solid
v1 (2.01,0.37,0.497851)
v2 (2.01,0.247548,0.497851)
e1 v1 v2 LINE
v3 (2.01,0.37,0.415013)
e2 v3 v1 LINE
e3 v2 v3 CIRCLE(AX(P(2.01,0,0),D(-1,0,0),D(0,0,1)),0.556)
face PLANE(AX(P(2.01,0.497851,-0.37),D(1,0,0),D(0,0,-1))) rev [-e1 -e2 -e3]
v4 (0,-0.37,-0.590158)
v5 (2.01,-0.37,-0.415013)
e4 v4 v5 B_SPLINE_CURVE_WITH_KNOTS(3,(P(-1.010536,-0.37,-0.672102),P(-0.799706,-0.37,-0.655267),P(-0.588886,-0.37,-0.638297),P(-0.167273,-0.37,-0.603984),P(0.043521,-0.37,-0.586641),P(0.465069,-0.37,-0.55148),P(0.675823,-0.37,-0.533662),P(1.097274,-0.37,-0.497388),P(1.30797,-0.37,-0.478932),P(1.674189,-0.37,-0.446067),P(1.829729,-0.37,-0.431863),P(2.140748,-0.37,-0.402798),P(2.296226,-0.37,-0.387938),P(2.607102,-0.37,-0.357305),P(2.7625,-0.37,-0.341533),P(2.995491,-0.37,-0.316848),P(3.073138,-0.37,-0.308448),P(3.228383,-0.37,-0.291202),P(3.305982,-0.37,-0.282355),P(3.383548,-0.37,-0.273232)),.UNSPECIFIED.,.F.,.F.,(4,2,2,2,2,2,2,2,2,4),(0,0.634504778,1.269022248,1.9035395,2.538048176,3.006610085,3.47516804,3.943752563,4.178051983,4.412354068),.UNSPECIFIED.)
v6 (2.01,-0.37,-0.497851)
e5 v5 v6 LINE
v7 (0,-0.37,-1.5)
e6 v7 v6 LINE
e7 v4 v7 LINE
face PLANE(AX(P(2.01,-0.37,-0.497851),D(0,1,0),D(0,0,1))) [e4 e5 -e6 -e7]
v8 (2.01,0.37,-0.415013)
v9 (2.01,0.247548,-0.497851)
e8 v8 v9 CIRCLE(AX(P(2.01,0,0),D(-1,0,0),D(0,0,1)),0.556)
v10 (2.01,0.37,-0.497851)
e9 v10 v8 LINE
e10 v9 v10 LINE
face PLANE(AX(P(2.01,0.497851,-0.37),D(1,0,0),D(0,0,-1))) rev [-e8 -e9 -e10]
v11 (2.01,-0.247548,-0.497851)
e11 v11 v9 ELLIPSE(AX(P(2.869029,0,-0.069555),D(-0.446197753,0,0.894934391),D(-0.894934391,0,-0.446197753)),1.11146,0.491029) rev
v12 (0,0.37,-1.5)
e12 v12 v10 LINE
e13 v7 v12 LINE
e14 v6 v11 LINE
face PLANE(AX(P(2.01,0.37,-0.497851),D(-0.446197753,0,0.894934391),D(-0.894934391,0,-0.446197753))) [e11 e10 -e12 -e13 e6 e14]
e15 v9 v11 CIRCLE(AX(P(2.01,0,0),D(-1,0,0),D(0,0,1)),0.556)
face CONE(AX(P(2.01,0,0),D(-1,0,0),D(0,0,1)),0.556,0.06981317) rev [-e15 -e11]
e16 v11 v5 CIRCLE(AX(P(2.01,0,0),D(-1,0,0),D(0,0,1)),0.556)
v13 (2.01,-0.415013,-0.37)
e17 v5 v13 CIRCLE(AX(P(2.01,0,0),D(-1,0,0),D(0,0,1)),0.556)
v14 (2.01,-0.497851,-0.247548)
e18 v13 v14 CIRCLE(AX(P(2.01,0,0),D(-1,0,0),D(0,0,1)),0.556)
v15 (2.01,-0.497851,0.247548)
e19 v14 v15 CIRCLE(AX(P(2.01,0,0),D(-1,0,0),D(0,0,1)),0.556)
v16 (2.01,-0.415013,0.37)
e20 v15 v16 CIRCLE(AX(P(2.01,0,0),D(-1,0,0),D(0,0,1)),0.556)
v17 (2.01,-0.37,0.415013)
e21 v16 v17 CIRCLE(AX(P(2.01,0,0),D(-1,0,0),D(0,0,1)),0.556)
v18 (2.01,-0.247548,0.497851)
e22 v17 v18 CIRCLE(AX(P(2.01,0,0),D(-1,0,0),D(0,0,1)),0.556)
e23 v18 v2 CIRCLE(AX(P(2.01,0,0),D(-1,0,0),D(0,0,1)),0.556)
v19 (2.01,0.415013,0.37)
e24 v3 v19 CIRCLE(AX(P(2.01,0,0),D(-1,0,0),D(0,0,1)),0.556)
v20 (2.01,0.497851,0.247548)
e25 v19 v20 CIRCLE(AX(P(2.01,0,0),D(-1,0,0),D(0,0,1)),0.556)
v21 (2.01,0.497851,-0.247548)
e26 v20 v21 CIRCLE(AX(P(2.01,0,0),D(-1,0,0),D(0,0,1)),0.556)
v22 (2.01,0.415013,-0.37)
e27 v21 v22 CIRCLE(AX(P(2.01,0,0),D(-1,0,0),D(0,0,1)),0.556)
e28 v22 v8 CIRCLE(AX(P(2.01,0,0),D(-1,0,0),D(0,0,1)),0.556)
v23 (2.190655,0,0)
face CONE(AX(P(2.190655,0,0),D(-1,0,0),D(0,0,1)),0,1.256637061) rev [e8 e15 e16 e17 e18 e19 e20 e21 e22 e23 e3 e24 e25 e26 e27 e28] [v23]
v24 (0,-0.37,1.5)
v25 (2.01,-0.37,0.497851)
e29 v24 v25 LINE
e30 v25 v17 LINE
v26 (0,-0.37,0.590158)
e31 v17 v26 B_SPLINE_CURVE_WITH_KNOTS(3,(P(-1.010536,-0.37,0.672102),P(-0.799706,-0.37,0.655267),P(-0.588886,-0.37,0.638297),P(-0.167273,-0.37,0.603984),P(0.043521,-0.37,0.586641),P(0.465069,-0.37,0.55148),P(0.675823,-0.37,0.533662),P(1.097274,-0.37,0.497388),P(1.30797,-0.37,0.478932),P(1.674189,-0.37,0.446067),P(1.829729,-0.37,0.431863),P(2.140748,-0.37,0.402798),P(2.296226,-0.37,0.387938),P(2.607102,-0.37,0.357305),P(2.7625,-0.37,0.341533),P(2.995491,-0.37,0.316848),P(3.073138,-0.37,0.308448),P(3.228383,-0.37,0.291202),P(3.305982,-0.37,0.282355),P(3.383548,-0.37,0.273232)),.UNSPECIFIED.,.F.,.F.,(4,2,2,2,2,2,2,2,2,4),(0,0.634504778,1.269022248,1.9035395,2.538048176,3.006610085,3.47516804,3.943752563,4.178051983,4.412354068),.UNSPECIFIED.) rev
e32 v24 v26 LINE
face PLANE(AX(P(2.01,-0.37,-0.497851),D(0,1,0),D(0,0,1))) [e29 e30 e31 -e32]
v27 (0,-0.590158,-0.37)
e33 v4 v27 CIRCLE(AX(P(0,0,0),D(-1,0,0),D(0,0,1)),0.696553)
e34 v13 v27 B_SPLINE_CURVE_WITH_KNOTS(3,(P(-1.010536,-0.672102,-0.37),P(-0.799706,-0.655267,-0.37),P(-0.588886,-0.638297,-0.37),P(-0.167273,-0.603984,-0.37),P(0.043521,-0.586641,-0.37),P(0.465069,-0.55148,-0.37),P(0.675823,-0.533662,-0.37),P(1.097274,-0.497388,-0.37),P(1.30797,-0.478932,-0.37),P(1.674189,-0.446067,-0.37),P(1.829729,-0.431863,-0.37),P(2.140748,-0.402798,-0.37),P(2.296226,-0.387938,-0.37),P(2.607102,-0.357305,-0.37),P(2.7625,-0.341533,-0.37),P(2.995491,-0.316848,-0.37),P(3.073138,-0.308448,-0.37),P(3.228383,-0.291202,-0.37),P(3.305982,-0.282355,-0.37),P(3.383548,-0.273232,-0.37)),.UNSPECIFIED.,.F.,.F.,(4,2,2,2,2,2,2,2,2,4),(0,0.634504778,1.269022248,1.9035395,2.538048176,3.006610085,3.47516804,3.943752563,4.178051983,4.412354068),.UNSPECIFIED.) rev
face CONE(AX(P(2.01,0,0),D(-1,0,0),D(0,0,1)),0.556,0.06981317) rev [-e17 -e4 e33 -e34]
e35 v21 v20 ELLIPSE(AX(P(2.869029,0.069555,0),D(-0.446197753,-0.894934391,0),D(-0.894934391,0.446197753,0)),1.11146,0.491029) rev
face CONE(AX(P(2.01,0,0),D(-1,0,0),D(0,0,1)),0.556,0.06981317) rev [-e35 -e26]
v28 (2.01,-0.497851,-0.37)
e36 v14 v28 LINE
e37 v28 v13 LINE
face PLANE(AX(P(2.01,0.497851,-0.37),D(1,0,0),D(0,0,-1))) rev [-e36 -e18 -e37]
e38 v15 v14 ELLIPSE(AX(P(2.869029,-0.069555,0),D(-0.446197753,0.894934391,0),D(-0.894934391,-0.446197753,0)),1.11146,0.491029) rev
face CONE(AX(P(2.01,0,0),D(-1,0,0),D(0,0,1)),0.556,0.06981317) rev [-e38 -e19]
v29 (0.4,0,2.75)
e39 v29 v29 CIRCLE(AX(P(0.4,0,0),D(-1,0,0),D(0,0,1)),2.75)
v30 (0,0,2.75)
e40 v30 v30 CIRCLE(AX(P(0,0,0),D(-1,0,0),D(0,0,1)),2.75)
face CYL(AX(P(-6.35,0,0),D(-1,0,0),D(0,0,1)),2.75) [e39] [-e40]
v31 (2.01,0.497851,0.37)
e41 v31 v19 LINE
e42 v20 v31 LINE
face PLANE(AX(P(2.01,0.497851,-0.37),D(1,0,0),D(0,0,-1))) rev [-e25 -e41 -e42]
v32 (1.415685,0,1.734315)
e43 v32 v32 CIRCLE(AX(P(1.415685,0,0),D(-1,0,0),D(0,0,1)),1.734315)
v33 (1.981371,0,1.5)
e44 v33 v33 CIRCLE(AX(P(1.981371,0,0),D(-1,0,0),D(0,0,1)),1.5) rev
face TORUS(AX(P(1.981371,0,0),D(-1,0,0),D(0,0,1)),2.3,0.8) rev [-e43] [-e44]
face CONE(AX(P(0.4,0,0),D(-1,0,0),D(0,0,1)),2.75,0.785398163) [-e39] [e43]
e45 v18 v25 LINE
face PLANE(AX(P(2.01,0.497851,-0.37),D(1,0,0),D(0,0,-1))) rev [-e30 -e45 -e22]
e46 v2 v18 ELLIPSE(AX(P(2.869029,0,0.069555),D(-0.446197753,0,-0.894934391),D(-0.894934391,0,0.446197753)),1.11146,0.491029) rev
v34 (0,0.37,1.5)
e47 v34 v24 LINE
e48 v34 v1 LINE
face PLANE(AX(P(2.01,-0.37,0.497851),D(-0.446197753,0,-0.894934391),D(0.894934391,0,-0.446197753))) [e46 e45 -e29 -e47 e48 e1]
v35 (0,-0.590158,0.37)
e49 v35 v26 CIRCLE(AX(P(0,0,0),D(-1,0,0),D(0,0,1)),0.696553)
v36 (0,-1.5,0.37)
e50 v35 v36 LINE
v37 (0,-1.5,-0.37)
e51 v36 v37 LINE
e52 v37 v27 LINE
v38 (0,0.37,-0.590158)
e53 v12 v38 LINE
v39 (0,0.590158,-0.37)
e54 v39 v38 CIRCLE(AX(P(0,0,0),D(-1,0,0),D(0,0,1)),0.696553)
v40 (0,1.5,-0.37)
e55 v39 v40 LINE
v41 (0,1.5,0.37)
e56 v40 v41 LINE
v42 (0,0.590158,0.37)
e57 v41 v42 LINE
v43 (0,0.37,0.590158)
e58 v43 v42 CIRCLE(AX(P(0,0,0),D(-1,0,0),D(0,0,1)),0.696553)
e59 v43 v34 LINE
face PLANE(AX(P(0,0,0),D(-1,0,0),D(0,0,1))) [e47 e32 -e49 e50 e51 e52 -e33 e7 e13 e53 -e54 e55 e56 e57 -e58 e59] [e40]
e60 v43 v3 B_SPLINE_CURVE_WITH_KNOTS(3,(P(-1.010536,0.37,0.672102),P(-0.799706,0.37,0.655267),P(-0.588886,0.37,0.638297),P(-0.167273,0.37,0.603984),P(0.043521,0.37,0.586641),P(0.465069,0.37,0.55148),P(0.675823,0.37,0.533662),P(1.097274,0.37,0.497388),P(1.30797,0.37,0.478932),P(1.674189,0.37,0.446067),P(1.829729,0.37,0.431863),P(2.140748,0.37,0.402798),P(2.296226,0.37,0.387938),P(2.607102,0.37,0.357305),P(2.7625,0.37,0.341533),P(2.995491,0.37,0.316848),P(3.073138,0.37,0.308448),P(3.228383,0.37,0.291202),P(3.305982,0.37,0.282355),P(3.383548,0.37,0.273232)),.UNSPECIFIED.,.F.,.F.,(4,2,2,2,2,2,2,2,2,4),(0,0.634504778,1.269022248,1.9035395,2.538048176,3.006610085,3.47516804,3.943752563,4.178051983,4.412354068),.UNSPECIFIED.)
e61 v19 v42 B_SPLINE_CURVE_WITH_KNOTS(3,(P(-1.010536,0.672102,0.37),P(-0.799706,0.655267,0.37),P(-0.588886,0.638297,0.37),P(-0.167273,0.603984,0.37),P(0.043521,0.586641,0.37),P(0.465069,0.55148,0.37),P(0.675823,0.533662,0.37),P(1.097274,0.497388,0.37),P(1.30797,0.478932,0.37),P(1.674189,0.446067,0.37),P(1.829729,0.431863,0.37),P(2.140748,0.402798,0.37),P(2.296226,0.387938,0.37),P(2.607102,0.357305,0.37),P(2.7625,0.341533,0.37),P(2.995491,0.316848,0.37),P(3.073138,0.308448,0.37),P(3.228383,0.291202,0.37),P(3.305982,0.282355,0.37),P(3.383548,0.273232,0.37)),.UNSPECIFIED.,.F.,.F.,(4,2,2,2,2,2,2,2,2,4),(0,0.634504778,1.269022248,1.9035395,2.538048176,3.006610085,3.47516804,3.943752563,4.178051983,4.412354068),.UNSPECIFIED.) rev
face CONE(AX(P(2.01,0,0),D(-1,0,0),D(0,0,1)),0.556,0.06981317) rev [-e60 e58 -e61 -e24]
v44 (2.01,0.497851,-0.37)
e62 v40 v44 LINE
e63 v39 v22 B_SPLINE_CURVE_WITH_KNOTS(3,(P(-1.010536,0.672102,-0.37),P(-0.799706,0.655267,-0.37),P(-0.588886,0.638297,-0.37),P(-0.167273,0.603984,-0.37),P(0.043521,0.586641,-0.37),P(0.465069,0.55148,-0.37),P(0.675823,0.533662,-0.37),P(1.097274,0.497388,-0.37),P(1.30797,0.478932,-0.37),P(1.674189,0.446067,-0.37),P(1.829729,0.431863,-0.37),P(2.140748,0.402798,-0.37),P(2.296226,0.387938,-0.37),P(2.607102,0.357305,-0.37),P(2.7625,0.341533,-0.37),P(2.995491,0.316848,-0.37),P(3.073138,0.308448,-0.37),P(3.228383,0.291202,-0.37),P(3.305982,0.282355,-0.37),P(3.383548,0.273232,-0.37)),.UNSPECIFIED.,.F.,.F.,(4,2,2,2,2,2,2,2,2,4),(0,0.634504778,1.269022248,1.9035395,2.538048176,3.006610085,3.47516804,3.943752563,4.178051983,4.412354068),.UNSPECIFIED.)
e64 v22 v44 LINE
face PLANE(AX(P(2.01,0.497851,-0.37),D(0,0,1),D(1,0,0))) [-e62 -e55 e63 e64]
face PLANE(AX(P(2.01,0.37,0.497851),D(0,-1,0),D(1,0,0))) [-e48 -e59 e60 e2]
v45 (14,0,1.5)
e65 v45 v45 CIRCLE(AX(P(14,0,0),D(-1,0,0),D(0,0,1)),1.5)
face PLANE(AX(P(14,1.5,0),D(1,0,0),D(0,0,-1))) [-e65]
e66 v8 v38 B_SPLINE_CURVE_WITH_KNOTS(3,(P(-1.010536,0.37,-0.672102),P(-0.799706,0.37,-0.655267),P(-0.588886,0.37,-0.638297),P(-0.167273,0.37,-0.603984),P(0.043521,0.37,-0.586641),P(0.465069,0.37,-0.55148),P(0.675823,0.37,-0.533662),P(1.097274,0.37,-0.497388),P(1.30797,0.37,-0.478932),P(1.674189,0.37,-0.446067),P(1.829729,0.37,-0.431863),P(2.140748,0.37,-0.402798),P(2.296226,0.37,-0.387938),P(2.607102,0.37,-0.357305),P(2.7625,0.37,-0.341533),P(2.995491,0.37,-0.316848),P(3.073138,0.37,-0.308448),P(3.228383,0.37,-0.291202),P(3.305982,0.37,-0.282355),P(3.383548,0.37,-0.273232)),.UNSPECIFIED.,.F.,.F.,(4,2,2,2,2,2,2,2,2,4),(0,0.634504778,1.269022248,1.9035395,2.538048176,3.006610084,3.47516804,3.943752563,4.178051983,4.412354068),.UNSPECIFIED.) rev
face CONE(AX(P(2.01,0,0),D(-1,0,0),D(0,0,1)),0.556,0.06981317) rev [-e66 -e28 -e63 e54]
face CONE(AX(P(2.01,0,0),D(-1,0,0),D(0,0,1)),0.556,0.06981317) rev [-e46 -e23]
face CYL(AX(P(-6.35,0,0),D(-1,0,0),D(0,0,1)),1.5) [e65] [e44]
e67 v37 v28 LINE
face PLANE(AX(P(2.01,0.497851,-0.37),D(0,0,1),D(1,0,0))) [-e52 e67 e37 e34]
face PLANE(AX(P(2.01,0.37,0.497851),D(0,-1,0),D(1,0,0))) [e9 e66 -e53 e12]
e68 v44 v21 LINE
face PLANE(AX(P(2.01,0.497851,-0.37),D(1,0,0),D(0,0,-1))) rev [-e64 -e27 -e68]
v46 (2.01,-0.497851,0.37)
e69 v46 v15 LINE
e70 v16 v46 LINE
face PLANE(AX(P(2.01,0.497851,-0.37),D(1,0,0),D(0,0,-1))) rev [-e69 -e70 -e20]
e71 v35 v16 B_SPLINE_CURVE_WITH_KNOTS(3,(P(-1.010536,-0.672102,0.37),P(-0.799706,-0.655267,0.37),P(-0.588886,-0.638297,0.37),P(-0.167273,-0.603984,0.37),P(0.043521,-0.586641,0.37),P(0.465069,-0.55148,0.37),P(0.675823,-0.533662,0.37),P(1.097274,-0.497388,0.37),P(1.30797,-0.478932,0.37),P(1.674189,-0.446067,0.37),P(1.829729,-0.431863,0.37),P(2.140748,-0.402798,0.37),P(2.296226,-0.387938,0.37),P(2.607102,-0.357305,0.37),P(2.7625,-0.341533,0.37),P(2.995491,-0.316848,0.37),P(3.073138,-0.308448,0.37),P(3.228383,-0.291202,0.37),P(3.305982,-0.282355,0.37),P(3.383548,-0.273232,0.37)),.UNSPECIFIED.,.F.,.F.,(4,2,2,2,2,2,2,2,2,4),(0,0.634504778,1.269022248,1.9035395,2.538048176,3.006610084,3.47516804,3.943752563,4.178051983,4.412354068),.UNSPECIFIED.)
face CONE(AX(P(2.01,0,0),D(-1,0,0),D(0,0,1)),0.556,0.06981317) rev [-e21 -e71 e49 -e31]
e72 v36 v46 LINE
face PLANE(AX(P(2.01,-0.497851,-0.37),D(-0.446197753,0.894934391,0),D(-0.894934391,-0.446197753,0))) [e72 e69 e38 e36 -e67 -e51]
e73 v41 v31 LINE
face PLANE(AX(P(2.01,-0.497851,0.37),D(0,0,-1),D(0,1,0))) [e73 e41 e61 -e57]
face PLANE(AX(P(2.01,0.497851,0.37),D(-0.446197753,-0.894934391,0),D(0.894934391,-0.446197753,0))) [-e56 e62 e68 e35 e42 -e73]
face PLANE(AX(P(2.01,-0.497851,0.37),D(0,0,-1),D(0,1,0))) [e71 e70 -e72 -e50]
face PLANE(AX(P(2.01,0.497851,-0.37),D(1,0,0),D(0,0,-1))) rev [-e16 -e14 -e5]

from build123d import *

# Parameters (mm, degrees)
FILLET1_R    = 0.8
SKETCH3_W    = 0.74
SKETCH3_H    = 3
SKETCH4_W    = 0.74
SKETCH4_H    = 0.99570227
RECPAT_COUNT = 2
RECPAT_ANGLE = 90


with BuildPart() as part:
    # BodySke → Base-Revolve (revolve)
    with BuildSketch(Plane.XY):
        Polygon((0, 0), (0, 2.75), (0.4, 2.75), (1.65, 1.5), (14, 1.5), (14, 0), align=None)
    revolve(axis=Axis((-6.35, 0, 0), (1, 0, 0)))

    # Fillet1
    fillet1_edges = [part.edges().sort_by_distance(p)[0] for p in [
        (1.65, -1.5, 0),
    ]]
    fillet(fillet1_edges, radius=FILLET1_R)

    # Sketch3 → Recess section 0
    with BuildSketch(Plane.ZY):
        Rectangle(SKETCH3_W, SKETCH3_H)
    # Sketch4 → Recess section 1
    with BuildSketch(Plane.ZY.offset(-2.01)):
        Rectangle(SKETCH4_W, SKETCH4_H)
    recess = loft(mode=Mode.SUBTRACT)

    # RecPat: Recess ×2 about axis
    recpat_axis = Axis((0, 0, 0), (1, 0, 0))
    for i in range(1, RECPAT_COUNT):
        add(recess.rotate(recpat_axis, i * RECPAT_ANGLE / (RECPAT_COUNT - 1)), mode=Mode.SUBTRACT)

    # RecCorSke → RecessCore (revolve, cut)
    with BuildSketch(Plane.XY):
        Polygon((0, 0), (0, 0.696552892), (2.01, 0.556), (2.190655351, 0), align=None)
    revolve(axis=Axis((-3.175, 0, 0), (1, 0, 0)), mode=Mode.SUBTRACT)


solid = part.part
